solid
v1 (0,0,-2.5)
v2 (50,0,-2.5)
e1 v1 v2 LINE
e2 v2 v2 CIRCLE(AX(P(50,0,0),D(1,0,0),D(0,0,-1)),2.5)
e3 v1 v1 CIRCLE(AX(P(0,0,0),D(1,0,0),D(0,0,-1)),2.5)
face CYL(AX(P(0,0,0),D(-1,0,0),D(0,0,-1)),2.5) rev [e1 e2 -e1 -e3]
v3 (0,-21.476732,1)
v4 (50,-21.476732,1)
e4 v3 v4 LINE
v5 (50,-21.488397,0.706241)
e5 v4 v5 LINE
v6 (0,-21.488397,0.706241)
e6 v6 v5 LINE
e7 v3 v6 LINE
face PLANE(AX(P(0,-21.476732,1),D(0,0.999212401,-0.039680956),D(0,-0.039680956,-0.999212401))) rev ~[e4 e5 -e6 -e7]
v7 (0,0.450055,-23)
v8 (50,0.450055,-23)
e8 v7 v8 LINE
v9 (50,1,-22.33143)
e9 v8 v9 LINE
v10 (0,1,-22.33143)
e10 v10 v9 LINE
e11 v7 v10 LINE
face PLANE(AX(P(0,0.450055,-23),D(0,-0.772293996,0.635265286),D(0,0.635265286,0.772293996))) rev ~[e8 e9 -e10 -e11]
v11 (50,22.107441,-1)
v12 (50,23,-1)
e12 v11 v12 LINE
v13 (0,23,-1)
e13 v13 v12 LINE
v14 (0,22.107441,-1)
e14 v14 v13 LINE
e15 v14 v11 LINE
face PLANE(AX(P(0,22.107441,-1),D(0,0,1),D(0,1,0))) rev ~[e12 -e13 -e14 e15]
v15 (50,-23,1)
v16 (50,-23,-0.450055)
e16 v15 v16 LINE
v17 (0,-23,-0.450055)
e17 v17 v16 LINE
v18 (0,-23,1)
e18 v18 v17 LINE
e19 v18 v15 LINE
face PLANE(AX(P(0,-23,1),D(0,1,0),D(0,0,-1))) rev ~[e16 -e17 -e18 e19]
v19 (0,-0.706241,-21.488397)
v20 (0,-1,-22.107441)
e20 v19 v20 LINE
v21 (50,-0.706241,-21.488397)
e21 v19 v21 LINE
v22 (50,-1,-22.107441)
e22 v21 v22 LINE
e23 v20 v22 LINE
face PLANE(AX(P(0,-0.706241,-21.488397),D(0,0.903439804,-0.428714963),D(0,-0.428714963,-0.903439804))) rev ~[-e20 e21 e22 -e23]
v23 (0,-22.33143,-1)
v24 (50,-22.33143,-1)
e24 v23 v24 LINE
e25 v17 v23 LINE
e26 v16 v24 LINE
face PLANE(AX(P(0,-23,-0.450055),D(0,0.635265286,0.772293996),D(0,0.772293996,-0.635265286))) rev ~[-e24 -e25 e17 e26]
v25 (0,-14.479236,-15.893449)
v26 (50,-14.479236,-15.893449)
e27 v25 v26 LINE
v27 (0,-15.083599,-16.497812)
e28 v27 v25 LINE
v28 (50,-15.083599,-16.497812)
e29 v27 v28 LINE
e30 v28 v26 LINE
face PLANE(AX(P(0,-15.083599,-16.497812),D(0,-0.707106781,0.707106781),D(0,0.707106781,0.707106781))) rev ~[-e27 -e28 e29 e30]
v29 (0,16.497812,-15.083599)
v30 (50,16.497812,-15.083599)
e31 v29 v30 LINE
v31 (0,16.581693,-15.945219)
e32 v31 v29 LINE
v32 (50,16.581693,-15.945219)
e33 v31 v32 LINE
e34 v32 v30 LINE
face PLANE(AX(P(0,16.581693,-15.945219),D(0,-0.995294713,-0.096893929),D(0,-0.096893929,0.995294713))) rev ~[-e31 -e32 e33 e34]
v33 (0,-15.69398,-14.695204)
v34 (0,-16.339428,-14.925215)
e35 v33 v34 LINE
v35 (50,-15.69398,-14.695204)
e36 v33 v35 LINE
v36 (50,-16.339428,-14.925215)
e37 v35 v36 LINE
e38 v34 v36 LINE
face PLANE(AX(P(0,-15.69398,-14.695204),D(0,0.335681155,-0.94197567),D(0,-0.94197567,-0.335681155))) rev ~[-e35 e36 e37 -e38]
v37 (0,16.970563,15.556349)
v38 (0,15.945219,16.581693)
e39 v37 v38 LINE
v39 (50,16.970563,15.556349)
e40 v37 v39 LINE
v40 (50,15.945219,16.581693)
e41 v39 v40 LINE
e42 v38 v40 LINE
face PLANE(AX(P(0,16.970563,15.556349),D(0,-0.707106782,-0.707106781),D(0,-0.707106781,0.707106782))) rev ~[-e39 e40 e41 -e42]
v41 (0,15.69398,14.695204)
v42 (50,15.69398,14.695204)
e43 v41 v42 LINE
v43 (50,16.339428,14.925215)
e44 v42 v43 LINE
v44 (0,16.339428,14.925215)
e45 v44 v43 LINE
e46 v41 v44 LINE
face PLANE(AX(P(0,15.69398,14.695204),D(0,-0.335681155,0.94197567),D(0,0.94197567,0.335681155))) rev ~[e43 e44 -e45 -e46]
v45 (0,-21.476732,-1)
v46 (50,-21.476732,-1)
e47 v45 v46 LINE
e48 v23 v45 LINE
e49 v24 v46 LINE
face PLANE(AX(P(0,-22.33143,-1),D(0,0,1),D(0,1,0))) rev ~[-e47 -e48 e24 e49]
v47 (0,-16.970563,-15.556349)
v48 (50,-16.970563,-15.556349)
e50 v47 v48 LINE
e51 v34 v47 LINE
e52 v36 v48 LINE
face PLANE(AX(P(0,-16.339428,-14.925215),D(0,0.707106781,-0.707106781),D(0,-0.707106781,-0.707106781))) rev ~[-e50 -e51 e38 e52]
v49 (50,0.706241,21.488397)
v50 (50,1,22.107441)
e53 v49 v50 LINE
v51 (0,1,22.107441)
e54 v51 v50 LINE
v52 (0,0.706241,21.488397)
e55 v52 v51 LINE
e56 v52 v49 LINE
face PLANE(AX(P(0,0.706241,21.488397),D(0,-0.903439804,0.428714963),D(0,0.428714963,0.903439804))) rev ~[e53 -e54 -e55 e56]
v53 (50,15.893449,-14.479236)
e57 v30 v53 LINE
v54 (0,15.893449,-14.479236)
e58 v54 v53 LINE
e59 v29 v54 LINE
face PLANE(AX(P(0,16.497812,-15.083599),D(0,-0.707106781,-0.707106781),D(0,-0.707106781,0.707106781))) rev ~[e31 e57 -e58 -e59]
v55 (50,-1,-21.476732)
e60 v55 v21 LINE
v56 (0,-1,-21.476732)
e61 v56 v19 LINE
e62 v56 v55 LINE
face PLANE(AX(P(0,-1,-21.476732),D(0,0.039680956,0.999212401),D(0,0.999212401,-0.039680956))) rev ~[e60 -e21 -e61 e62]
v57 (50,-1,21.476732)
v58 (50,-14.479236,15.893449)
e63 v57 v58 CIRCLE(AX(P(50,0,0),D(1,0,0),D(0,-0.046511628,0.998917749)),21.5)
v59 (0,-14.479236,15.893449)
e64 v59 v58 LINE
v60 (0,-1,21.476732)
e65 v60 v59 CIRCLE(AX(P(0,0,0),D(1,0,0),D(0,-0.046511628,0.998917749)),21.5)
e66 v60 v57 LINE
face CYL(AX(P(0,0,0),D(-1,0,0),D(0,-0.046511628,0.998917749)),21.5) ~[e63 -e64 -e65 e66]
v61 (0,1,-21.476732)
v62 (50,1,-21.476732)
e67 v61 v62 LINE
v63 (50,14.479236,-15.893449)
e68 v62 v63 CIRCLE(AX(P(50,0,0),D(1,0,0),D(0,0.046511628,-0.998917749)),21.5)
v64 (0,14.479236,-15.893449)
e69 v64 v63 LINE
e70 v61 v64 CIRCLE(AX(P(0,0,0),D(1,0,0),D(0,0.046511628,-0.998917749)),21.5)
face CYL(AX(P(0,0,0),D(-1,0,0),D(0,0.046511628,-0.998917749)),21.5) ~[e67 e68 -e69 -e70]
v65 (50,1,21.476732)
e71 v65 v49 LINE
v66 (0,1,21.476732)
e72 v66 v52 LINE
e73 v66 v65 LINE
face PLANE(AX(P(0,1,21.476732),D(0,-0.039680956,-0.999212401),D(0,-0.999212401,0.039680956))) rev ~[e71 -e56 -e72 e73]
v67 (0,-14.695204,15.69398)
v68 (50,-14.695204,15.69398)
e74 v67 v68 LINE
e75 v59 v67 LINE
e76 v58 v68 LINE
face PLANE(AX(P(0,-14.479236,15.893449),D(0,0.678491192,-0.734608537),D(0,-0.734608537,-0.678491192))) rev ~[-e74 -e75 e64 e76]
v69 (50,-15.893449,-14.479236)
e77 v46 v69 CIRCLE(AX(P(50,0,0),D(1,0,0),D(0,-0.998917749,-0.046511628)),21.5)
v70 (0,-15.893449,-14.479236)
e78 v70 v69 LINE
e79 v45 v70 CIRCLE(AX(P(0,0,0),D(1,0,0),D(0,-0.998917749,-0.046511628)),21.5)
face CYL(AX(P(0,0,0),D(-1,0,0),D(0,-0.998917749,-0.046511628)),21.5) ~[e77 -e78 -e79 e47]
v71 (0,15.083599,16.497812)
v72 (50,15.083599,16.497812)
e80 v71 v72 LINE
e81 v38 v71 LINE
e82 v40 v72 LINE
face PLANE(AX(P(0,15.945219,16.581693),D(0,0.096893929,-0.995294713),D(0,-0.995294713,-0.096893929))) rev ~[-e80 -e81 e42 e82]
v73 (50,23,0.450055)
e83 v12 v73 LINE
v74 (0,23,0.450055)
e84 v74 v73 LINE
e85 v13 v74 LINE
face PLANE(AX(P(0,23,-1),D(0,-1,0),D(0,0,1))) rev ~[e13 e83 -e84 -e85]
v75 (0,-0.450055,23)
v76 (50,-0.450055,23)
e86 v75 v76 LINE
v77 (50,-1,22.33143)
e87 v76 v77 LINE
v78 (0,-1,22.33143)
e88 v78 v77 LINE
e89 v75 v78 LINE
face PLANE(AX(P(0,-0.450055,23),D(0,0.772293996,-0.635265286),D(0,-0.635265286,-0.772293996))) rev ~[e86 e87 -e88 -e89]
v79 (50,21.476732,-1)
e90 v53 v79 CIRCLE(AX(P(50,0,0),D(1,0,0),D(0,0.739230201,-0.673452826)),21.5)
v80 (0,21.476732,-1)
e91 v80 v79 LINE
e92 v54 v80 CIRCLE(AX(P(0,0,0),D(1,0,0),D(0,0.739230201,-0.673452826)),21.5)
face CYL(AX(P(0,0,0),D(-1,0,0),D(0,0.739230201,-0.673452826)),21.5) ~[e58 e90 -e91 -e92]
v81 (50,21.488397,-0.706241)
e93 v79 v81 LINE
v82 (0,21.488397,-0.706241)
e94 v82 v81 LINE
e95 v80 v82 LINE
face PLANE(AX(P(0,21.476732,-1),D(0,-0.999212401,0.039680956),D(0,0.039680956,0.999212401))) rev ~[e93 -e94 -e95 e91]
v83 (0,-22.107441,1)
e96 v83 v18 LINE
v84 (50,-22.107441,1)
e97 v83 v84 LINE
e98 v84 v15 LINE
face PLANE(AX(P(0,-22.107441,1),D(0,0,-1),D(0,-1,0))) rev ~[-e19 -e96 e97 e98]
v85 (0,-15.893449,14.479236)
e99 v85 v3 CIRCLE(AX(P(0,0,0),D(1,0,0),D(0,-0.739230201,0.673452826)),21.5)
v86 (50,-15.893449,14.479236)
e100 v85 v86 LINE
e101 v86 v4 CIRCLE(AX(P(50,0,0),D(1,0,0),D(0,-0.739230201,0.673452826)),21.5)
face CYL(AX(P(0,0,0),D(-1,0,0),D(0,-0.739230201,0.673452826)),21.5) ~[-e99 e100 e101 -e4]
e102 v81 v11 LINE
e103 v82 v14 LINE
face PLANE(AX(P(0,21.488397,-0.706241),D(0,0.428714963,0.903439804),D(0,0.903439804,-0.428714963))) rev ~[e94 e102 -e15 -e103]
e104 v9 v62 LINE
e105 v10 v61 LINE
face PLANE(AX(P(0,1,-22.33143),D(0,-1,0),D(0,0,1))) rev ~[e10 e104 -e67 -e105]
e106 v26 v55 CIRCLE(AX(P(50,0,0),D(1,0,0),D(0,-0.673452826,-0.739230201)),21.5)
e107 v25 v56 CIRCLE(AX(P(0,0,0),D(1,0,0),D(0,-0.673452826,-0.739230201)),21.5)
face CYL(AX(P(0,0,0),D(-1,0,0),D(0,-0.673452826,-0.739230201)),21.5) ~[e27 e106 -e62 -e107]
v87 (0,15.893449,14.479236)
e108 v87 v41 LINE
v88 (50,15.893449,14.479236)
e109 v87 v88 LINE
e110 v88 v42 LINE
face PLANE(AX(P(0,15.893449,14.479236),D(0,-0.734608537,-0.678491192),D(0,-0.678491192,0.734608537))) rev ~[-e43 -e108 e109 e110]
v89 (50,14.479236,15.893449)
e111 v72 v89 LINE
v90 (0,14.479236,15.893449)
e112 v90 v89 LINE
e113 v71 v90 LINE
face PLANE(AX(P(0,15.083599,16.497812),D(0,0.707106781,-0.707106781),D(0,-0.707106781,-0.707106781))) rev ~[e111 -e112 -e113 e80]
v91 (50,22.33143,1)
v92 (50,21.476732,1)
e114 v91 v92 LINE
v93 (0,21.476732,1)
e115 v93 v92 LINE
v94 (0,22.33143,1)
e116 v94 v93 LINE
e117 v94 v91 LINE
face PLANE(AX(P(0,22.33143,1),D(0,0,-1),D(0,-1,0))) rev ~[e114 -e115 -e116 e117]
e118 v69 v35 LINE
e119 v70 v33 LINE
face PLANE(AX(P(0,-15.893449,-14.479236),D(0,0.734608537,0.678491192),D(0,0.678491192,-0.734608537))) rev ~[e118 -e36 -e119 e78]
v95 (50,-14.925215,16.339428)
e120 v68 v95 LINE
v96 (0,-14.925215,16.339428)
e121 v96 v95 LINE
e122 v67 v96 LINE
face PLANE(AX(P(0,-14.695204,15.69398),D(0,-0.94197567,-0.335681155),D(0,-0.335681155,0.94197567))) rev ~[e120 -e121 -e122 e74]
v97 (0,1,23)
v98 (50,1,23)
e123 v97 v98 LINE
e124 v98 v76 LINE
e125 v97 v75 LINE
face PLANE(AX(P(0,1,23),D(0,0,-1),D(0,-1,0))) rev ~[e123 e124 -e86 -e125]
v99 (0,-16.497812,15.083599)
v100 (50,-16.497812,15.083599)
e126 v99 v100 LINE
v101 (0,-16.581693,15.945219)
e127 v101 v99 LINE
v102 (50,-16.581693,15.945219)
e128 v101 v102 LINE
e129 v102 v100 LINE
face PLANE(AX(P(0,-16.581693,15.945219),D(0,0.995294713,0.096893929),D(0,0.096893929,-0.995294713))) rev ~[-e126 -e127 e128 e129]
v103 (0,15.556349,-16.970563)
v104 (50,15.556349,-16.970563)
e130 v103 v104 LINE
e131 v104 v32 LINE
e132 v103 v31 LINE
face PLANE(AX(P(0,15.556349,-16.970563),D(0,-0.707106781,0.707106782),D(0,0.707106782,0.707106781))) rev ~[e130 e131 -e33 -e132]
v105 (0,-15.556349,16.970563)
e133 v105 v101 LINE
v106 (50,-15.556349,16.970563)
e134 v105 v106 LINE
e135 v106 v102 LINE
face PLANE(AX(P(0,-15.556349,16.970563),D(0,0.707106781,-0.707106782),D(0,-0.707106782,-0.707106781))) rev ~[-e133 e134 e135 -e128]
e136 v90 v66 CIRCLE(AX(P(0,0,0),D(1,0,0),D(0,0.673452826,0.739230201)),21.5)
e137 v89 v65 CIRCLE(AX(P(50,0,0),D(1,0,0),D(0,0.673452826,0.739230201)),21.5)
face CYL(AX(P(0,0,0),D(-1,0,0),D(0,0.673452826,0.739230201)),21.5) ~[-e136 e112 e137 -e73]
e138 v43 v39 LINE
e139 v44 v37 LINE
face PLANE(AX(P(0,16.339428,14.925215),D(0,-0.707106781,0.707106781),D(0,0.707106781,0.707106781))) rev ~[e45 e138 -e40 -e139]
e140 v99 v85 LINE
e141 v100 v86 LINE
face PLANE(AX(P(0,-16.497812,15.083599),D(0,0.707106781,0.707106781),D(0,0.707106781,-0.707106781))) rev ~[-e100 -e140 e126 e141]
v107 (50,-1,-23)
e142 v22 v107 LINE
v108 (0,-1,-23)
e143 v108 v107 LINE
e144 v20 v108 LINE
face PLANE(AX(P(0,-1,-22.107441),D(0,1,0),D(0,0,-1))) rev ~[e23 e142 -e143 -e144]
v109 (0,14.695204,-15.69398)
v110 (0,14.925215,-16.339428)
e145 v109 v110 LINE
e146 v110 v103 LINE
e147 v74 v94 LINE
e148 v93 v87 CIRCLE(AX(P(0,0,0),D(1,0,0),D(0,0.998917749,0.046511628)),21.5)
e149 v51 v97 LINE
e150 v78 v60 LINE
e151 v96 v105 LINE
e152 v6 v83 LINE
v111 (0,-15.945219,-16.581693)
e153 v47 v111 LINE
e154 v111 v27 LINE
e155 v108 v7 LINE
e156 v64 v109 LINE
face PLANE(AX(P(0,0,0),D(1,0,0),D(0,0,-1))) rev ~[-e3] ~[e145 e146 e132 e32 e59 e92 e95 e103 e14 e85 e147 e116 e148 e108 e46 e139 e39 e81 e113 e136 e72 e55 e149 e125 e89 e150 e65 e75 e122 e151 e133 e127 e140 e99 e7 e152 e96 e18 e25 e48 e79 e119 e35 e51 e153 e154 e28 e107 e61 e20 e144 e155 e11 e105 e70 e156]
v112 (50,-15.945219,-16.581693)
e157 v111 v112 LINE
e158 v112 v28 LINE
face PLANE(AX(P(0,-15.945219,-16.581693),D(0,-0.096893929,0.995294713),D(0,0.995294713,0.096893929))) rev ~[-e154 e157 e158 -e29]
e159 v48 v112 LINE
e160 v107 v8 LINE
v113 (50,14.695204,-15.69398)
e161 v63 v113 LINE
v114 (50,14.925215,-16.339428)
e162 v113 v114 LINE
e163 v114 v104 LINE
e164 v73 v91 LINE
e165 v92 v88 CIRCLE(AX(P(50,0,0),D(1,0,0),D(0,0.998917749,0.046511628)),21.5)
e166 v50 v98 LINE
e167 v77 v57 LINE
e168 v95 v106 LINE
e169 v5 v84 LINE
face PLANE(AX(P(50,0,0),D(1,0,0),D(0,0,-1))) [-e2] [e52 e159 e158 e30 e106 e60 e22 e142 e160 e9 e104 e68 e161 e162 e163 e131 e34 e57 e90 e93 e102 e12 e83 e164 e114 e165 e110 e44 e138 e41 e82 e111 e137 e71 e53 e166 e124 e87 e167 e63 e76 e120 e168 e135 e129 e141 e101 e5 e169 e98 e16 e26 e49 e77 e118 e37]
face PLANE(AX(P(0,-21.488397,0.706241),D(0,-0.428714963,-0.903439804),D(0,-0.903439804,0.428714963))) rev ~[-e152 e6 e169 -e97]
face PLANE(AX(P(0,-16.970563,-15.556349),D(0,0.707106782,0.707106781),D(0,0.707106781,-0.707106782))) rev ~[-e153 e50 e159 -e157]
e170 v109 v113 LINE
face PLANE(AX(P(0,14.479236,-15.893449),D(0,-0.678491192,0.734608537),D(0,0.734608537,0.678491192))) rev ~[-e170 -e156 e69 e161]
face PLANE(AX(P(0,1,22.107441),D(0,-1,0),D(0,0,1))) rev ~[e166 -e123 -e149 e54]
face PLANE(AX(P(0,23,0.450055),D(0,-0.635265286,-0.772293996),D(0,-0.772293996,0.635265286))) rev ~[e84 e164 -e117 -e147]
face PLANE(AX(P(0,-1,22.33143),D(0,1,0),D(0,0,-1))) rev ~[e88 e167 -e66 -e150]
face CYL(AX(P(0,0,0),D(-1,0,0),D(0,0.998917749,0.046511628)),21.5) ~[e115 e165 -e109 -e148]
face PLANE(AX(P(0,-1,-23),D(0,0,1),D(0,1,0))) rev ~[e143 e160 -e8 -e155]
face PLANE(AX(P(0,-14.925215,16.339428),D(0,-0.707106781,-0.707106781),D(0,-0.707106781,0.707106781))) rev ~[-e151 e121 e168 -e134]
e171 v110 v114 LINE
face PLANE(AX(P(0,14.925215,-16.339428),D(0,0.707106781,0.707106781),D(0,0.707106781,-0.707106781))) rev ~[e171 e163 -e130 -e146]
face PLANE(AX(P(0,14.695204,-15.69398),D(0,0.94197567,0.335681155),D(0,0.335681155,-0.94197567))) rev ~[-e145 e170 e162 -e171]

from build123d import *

# Parameters (mm, degrees)
SKETCH1_R           = 2.5
BOSS_EXTRUDE1_DEPTH = 50


with BuildPart() as part:
    # Sketch1 → Boss-Extrude1 (new body)
    # profile 1 of 9: a face of its own
    with BuildSketch(Plane(origin=(0, 0, 0), x_dir=(0, 0, -1), z_dir=(1, 0, 0))):
        with BuildLine():
            Line((-1, 20), (-1, 21.476731595))
            ThreePointArc((-1, 21.476731595), (-8.227693796, 19.863409949), (-14.479235767, 15.89344933))
            Line((-14.479235767, 15.89344933), (-13.435028843, 14.849242405))
            Line((-13.435028843, 14.849242405), (-14.849242405, 13.435028843))
            Line((-14.849242405, 13.435028843), (-15.89344933, 14.479235767))
            ThreePointArc((-15.89344933, 14.479235767), (-19.863409949, 8.227693796), (-21.476731595, 1))
            Line((-21.476731595, 1), (-20, 1))
            Line((-20, 1), (-20, -1))
            Line((-20, -1), (-21.476731595, -1))
            ThreePointArc((-21.476731595, -1), (-19.863409949, -8.227693796), (-15.89344933, -14.479235767))
            Line((-15.89344933, -14.479235767), (-14.849242405, -13.435028843))
            Line((-14.849242405, -13.435028843), (-13.435028843, -14.849242405))
            Line((-13.435028843, -14.849242405), (-14.479235767, -15.89344933))
            ThreePointArc((-14.479235767, -15.89344933), (-8.227693796, -19.863409949), (-1, -21.476731595))
            Line((-1, -21.476731595), (-1, -20))
            Line((-1, -20), (1, -20))
            Line((1, -20), (1, -21.476731595))
            ThreePointArc((1, -21.476731595), (8.227693796, -19.863409949), (14.479235767, -15.89344933))
            Line((14.479235767, -15.89344933), (13.435028843, -14.849242405))
            Line((13.435028843, -14.849242405), (14.849242405, -13.435028843))
            Line((14.849242405, -13.435028843), (15.89344933, -14.479235767))
            ThreePointArc((15.89344933, -14.479235767), (19.863409949, -8.227693796), (21.476731595, -1))
            Line((21.476731595, -1), (20, -1))
            Line((20, -1), (20, 1))
            Line((20, 1), (21.476731595, 1))
            ThreePointArc((21.476731595, 1), (19.863409949, 8.227693796), (15.89344933, 14.479235767))
            Line((15.89344933, 14.479235767), (14.849242405, 13.435028843))
            Line((14.849242405, 13.435028843), (13.435028843, 14.849242405))
            Line((13.435028843, 14.849242405), (14.479235767, 15.89344933))
            ThreePointArc((14.479235767, 15.89344933), (8.227693796, 19.863409949), (1, 21.476731595))
            Line((1, 21.476731595), (1, 20))
            Line((1, 20), (-1, 20))
        make_face()
        Circle(SKETCH1_R, mode=Mode.SUBTRACT)
    # profile 2 of 9: a face of its own
    with BuildSketch(Plane(origin=(0, 0, 0), x_dir=(0, 0, -1), z_dir=(1, 0, 0))):
        Polygon((-1, 22.331430068), (-1, 20), (1, 20), (1, 21.476731595), (0.706241247, 21.488397411), (1, 22.107441235), (1, 23), (-0.450054938, 23), align=None)
    # profile 3 of 9: a face of its own
    with BuildSketch(Plane(origin=(0, 0, 0), x_dir=(0, 0, -1), z_dir=(1, 0, 0))):
        Polygon((-14.695203551, 15.693979501), (-14.925214831, 16.339428393), (-15.556349186, 16.970562748), (-16.581692866, 15.945219069), (-16.497812416, 15.083598853), (-14.849242405, 13.435028843), (-13.435028843, 14.849242405), (-14.479235767, 15.89344933), align=None)
    # profile 4 of 9: a face of its own
    with BuildSketch(Plane(origin=(0, 0, 0), x_dir=(0, 0, -1), z_dir=(1, 0, 0))):
        Polygon((-21.488397411, 0.706241247), (-22.107441235, 1), (-23, 1), (-23, -0.450054938), (-22.331430068, -1), (-20, -1), (-20, 1), (-21.476731595, 1), align=None)
    # profile 5 of 9: a face of its own
    with BuildSketch(Plane(origin=(0, 0, 0), x_dir=(0, 0, -1), z_dir=(1, 0, 0))):
        Polygon((-15.693979501, -14.695203551), (-16.339428393, -14.925214831), (-16.970562748, -15.556349186), (-15.945219069, -16.581692866), (-15.083598853, -16.497812416), (-13.435028843, -14.849242405), (-14.849242405, -13.435028843), (-15.89344933, -14.479235767), align=None)
    # profile 6 of 9: a face of its own
    with BuildSketch(Plane(origin=(0, 0, 0), x_dir=(0, 0, -1), z_dir=(1, 0, 0))):
        Polygon((16.581692866, -15.945219069), (15.556349186, -16.970562748), (14.925214831, -16.339428393), (14.695203551, -15.693979501), (14.479235767, -15.89344933), (13.435028843, -14.849242405), (14.849242405, -13.435028843), (16.497812416, -15.083598853), align=None)
    # profile 7 of 9: a face of its own
    with BuildSketch(Plane(origin=(0, 0, 0), x_dir=(0, 0, -1), z_dir=(1, 0, 0))):
        Polygon((23, 0.450054938), (23, -1), (22.107441235, -1), (21.488397411, -0.706241247), (21.476731595, -1), (20, -1), (20, 1), (22.331430068, 1), align=None)
    # profile 8 of 9: a face of its own
    with BuildSketch(Plane(origin=(0, 0, 0), x_dir=(0, 0, -1), z_dir=(1, 0, 0))):
        Polygon((13.435028843, 14.849242405), (14.849242405, 13.435028843), (15.89344933, 14.479235767), (15.693979501, 14.695203551), (16.339428393, 14.925214831), (16.970562748, 15.556349186), (15.945219069, 16.581692866), (15.083598853, 16.497812416), align=None)
    # profile 9 of 9: a face of its own
    with BuildSketch(Plane(origin=(0, 0, 0), x_dir=(0, 0, -1), z_dir=(1, 0, 0))):
        Polygon((1, -20), (-1, -20), (-1, -21.476731595), (-0.706241247, -21.488397411), (-1, -22.107441235), (-1, -23), (0.450054938, -23), (1, -22.331430068), align=None)
    extrude(amount=BOSS_EXTRUDE1_DEPTH)


solid = part.part
